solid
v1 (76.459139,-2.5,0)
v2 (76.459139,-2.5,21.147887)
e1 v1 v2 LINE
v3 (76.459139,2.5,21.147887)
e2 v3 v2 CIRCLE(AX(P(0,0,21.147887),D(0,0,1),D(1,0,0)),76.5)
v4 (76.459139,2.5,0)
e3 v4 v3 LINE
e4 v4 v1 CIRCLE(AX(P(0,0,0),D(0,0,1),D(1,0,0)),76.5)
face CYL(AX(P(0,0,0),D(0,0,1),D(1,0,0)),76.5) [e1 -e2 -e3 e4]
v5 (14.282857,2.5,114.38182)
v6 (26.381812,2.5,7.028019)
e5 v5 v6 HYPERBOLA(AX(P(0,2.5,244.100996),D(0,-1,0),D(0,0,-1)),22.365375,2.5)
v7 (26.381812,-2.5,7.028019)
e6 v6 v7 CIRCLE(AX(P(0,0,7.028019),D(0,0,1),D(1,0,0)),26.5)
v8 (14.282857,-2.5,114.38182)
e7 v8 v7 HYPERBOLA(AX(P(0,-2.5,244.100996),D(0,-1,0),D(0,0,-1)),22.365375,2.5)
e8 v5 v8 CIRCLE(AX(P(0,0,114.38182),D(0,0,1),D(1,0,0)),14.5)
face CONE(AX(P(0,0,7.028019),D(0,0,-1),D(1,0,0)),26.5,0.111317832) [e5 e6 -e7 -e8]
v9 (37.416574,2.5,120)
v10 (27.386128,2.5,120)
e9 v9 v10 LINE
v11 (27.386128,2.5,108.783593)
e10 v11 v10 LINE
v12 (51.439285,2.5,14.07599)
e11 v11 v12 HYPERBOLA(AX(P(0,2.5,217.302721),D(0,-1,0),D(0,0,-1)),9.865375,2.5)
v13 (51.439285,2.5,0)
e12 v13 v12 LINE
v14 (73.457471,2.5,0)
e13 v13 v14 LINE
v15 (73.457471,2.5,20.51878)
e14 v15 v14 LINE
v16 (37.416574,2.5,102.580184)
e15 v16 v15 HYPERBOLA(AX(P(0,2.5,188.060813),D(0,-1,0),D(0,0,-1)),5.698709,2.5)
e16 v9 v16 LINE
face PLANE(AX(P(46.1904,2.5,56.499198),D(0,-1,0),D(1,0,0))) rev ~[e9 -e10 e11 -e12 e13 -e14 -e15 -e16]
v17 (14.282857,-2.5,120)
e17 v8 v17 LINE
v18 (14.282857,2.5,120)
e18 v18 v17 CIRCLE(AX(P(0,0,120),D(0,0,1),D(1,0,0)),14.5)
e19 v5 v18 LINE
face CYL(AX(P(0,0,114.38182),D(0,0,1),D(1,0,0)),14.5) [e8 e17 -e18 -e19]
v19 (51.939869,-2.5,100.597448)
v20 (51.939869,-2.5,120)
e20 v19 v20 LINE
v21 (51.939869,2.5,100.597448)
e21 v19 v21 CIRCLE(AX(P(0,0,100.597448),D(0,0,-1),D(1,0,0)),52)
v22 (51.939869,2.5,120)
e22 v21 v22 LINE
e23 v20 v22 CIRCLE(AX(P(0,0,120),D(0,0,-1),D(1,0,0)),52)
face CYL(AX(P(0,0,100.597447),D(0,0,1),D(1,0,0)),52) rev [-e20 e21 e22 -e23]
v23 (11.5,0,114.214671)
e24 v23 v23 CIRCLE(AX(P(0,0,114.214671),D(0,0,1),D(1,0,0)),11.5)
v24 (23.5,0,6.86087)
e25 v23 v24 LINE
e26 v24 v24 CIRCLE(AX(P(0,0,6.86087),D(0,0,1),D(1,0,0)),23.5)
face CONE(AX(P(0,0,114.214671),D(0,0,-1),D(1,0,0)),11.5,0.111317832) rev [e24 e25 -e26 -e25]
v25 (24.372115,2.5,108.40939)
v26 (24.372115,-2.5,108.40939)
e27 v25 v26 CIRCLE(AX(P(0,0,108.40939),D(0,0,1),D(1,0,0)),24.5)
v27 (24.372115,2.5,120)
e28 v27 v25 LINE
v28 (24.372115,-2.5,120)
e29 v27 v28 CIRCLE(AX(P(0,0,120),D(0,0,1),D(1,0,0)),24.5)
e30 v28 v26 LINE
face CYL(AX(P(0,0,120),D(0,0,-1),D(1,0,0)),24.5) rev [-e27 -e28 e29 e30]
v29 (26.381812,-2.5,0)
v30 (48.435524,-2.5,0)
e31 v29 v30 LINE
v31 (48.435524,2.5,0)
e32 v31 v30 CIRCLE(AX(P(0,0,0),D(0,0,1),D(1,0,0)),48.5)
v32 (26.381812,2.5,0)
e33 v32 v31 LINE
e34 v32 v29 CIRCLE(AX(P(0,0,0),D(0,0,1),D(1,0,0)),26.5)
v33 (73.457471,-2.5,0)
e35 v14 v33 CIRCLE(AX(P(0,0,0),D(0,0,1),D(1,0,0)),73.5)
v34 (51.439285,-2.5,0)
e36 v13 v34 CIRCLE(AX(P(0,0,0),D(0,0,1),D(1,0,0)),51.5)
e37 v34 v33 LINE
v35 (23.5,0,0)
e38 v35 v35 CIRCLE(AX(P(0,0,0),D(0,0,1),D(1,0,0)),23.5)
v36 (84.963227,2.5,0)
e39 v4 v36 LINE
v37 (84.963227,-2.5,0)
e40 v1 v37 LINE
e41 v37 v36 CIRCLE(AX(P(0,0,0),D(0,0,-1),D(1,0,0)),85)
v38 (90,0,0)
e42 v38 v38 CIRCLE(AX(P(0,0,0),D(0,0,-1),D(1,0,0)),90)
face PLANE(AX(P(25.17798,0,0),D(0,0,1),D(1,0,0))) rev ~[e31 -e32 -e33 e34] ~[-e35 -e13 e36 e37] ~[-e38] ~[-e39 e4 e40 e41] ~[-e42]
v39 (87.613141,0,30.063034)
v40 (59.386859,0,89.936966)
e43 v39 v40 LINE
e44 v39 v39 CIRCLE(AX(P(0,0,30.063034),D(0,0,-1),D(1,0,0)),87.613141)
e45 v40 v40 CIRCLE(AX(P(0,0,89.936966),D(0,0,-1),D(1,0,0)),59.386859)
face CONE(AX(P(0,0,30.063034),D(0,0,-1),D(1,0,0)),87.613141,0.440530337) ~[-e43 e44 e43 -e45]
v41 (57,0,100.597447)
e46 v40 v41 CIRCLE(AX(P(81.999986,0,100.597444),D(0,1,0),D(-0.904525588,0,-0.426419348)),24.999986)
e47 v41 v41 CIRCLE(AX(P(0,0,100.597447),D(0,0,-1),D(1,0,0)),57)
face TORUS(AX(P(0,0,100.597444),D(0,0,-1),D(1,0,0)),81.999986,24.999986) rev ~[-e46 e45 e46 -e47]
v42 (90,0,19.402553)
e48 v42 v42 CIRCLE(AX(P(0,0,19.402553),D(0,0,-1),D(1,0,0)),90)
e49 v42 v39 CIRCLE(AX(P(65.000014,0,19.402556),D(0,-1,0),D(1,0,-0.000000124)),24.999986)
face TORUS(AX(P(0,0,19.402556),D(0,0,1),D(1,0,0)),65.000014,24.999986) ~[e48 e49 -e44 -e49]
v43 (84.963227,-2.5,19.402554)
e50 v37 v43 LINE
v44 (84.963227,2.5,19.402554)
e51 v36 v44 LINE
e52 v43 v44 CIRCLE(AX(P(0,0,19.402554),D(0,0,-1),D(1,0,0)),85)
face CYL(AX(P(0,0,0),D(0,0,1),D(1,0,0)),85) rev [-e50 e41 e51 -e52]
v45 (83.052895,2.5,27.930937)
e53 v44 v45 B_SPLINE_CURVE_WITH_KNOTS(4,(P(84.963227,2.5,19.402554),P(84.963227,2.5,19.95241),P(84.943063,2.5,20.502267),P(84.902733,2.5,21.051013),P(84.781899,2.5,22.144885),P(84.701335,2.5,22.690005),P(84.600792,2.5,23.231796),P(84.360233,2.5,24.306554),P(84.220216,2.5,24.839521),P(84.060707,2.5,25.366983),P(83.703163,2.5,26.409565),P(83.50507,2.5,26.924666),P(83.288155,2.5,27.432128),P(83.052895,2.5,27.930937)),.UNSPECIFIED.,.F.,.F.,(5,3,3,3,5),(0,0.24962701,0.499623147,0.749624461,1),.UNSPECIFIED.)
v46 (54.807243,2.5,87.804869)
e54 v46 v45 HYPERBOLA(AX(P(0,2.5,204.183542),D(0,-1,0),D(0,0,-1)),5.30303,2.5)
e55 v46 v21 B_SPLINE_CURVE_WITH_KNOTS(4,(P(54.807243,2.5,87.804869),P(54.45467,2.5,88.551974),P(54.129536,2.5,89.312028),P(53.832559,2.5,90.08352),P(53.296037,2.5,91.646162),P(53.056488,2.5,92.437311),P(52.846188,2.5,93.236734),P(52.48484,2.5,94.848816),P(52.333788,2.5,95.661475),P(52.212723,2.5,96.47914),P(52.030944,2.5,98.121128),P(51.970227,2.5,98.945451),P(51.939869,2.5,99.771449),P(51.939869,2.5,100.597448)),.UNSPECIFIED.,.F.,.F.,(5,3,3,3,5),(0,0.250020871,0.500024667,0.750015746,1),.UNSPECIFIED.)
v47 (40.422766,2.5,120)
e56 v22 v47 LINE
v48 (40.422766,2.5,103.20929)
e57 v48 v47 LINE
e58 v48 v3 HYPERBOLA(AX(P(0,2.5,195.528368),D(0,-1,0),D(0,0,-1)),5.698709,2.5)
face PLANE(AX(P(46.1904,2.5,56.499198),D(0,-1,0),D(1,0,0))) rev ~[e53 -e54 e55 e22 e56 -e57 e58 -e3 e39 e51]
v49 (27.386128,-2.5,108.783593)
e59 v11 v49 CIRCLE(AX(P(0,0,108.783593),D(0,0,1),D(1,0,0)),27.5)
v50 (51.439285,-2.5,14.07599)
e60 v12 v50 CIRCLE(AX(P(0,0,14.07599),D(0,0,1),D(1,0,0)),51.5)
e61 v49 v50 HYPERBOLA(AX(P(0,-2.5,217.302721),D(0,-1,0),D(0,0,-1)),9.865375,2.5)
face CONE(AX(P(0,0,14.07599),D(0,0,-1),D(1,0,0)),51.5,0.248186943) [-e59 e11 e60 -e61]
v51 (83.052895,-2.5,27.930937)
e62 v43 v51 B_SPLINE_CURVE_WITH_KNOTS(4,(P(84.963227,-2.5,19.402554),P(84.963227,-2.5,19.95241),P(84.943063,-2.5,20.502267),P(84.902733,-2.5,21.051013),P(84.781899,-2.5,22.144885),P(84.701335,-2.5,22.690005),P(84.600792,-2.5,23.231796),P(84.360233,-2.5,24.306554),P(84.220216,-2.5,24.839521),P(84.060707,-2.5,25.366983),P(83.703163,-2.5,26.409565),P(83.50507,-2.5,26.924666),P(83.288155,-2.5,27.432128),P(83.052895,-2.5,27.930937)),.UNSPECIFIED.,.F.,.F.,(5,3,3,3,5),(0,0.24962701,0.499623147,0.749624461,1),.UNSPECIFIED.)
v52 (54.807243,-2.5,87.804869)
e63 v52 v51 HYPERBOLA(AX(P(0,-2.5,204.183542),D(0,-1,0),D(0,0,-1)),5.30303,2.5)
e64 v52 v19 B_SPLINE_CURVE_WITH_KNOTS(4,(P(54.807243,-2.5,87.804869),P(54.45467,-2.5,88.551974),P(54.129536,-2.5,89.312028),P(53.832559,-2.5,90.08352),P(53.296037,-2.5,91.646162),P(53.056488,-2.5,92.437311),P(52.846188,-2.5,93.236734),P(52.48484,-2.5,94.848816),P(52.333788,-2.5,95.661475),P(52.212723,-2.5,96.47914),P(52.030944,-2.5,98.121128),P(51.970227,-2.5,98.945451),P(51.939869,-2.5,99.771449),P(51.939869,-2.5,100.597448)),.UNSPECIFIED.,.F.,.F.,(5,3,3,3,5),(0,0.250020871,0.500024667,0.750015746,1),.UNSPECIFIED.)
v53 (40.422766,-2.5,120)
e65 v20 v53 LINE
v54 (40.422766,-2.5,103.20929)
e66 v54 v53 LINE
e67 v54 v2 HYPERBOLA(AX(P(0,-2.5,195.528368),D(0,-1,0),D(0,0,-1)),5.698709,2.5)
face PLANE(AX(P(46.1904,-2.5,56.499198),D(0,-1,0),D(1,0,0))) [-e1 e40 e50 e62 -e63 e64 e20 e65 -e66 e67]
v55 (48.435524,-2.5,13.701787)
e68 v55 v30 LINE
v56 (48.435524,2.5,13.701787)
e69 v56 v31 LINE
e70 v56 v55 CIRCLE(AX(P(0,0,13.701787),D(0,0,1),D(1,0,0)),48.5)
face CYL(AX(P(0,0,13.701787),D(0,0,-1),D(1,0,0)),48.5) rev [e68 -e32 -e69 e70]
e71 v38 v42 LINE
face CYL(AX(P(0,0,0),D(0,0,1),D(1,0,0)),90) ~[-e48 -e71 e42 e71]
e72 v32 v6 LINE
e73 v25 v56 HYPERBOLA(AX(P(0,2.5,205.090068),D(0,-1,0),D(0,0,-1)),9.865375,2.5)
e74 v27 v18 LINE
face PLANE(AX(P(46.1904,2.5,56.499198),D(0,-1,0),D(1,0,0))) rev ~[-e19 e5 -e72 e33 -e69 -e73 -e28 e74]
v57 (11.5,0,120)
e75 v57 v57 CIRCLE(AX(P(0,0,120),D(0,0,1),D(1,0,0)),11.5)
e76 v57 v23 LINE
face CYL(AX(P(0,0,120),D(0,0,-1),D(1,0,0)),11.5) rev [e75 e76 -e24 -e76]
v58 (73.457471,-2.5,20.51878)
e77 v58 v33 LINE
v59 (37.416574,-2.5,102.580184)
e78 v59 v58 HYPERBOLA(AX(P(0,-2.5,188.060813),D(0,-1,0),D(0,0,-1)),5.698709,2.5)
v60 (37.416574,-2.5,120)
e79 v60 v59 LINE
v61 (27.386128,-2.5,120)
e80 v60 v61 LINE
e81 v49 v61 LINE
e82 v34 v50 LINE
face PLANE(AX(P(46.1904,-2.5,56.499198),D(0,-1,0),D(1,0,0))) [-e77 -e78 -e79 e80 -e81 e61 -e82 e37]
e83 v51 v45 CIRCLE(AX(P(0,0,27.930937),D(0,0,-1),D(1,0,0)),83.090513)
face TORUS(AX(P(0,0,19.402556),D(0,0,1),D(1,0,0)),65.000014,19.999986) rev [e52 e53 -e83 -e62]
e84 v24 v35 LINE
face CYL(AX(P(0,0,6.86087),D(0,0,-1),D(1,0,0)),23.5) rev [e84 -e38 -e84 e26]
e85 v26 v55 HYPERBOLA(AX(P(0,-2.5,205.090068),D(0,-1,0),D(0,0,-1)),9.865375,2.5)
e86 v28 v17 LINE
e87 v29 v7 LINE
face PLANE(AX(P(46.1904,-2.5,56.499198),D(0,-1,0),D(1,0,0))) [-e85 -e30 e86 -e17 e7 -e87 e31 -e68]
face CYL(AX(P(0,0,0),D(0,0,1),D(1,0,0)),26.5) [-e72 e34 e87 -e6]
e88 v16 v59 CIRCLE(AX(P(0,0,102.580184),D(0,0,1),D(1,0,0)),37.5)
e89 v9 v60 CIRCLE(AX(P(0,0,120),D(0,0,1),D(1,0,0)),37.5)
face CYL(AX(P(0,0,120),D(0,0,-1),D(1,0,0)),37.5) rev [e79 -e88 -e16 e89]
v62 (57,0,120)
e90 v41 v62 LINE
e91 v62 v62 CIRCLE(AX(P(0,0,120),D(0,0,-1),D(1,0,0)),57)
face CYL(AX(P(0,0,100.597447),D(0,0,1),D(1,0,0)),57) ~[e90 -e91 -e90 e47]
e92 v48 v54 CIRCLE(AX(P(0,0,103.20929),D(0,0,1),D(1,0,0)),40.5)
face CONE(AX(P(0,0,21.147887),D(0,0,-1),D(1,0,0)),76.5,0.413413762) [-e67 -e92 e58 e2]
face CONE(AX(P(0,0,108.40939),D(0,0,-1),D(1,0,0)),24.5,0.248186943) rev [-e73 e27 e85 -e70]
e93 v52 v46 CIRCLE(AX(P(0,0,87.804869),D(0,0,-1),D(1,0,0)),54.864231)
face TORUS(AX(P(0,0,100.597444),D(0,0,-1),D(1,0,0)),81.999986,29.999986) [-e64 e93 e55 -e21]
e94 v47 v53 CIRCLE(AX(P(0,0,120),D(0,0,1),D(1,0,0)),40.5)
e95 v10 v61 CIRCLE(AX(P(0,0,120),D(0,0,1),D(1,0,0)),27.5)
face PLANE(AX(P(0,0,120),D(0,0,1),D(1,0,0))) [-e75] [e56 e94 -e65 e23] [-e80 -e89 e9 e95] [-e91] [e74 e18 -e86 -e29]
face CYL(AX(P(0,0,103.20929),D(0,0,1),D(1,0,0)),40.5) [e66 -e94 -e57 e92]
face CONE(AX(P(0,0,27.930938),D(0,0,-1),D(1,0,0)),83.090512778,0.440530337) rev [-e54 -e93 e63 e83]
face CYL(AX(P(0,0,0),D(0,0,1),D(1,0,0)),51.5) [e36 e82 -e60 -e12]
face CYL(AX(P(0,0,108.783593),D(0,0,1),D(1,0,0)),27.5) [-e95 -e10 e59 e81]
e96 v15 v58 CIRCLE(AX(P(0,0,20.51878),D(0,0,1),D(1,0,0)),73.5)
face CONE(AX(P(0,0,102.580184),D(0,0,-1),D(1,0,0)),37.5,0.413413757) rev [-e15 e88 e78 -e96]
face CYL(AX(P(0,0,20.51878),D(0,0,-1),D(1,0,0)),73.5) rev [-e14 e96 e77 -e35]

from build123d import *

# Parameters (mm, degrees)
F2_T          = -5
F6_DEPTH      = 2.5
F6_DEPTH_BACK = 2.5


with BuildPart() as f1:
    # F0 (on Front) → F1 (revolve)
    with BuildSketch(Plane.XZ):
        with BuildLine():
            Line((0, 120), (0, 0))
            Line((0, 0), (90, 0))
            Line((90, 0), (90, 19.402553))
            ThreePointArc((90, 19.402553), (89.395989, 24.864763), (87.613141, 30.063034))
            Line((87.613141, 30.063034), (59.386859, 89.936966))
            ThreePointArc((59.386859, 89.936966), (57.604011, 95.135237), (57, 100.597447))
            Line((57, 100.597447), (57, 120))
            Line((57, 120), (0, 120))
        make_face()
    revolve(axis=Axis((0, 0, 60), (0, 0, -1)))

    # F2
    f2_openings = [f1.faces().sort_by_distance(p)[0] for p in [
        (0, 0, 120),
        (0, 0, 0),
    ]]
    offset(amount=F2_T, openings=f2_openings)



with BuildPart() as f4:
    # F3 (on Front) → F4 (revolve)
    with BuildSketch(Plane.XZ):
        Polygon((11.5, 114.214671), (23.5, 6.86087), (23.5, 0), (26.5, 0), (26.5, 7.028019), (14.5, 114.38182), (14.5, 120), (11.5, 120), align=None)
        Polygon((37.5, 102.580184), (73.5, 20.51878), (73.5, 0), (76.5, 0), (76.5, 21.147887), (40.5, 103.20929), (40.5, 120), (37.5, 120), align=None)
        Polygon((24.5, 108.40939), (48.5, 13.701787), (48.5, 0), (51.5, 0), (51.5, 14.07599), (27.5, 108.783593), (27.5, 120), (24.5, 120), align=None)
    revolve(axis=Axis((0, 0, 60), (0, 0, 1)))


with BuildPart() as f1_1:
    add(f1.part)

    add(f4.part)  # F6 merges F4
    # F5 (on Front) → F6 (join, two sides)
    with BuildSketch(Plane.XZ) as f6_sk:
        Polygon((25.17798, 13.286571), (25.17798, 0), (88, 0), (88, 26.186641), (54.097552, 94.328962), (54.097552, 120), (12, 120), (12, 113.708496), align=None)
    extrude(amount=F6_DEPTH)
    extrude(f6_sk.sketch, amount=-F6_DEPTH_BACK)


solid = f1_1.part
